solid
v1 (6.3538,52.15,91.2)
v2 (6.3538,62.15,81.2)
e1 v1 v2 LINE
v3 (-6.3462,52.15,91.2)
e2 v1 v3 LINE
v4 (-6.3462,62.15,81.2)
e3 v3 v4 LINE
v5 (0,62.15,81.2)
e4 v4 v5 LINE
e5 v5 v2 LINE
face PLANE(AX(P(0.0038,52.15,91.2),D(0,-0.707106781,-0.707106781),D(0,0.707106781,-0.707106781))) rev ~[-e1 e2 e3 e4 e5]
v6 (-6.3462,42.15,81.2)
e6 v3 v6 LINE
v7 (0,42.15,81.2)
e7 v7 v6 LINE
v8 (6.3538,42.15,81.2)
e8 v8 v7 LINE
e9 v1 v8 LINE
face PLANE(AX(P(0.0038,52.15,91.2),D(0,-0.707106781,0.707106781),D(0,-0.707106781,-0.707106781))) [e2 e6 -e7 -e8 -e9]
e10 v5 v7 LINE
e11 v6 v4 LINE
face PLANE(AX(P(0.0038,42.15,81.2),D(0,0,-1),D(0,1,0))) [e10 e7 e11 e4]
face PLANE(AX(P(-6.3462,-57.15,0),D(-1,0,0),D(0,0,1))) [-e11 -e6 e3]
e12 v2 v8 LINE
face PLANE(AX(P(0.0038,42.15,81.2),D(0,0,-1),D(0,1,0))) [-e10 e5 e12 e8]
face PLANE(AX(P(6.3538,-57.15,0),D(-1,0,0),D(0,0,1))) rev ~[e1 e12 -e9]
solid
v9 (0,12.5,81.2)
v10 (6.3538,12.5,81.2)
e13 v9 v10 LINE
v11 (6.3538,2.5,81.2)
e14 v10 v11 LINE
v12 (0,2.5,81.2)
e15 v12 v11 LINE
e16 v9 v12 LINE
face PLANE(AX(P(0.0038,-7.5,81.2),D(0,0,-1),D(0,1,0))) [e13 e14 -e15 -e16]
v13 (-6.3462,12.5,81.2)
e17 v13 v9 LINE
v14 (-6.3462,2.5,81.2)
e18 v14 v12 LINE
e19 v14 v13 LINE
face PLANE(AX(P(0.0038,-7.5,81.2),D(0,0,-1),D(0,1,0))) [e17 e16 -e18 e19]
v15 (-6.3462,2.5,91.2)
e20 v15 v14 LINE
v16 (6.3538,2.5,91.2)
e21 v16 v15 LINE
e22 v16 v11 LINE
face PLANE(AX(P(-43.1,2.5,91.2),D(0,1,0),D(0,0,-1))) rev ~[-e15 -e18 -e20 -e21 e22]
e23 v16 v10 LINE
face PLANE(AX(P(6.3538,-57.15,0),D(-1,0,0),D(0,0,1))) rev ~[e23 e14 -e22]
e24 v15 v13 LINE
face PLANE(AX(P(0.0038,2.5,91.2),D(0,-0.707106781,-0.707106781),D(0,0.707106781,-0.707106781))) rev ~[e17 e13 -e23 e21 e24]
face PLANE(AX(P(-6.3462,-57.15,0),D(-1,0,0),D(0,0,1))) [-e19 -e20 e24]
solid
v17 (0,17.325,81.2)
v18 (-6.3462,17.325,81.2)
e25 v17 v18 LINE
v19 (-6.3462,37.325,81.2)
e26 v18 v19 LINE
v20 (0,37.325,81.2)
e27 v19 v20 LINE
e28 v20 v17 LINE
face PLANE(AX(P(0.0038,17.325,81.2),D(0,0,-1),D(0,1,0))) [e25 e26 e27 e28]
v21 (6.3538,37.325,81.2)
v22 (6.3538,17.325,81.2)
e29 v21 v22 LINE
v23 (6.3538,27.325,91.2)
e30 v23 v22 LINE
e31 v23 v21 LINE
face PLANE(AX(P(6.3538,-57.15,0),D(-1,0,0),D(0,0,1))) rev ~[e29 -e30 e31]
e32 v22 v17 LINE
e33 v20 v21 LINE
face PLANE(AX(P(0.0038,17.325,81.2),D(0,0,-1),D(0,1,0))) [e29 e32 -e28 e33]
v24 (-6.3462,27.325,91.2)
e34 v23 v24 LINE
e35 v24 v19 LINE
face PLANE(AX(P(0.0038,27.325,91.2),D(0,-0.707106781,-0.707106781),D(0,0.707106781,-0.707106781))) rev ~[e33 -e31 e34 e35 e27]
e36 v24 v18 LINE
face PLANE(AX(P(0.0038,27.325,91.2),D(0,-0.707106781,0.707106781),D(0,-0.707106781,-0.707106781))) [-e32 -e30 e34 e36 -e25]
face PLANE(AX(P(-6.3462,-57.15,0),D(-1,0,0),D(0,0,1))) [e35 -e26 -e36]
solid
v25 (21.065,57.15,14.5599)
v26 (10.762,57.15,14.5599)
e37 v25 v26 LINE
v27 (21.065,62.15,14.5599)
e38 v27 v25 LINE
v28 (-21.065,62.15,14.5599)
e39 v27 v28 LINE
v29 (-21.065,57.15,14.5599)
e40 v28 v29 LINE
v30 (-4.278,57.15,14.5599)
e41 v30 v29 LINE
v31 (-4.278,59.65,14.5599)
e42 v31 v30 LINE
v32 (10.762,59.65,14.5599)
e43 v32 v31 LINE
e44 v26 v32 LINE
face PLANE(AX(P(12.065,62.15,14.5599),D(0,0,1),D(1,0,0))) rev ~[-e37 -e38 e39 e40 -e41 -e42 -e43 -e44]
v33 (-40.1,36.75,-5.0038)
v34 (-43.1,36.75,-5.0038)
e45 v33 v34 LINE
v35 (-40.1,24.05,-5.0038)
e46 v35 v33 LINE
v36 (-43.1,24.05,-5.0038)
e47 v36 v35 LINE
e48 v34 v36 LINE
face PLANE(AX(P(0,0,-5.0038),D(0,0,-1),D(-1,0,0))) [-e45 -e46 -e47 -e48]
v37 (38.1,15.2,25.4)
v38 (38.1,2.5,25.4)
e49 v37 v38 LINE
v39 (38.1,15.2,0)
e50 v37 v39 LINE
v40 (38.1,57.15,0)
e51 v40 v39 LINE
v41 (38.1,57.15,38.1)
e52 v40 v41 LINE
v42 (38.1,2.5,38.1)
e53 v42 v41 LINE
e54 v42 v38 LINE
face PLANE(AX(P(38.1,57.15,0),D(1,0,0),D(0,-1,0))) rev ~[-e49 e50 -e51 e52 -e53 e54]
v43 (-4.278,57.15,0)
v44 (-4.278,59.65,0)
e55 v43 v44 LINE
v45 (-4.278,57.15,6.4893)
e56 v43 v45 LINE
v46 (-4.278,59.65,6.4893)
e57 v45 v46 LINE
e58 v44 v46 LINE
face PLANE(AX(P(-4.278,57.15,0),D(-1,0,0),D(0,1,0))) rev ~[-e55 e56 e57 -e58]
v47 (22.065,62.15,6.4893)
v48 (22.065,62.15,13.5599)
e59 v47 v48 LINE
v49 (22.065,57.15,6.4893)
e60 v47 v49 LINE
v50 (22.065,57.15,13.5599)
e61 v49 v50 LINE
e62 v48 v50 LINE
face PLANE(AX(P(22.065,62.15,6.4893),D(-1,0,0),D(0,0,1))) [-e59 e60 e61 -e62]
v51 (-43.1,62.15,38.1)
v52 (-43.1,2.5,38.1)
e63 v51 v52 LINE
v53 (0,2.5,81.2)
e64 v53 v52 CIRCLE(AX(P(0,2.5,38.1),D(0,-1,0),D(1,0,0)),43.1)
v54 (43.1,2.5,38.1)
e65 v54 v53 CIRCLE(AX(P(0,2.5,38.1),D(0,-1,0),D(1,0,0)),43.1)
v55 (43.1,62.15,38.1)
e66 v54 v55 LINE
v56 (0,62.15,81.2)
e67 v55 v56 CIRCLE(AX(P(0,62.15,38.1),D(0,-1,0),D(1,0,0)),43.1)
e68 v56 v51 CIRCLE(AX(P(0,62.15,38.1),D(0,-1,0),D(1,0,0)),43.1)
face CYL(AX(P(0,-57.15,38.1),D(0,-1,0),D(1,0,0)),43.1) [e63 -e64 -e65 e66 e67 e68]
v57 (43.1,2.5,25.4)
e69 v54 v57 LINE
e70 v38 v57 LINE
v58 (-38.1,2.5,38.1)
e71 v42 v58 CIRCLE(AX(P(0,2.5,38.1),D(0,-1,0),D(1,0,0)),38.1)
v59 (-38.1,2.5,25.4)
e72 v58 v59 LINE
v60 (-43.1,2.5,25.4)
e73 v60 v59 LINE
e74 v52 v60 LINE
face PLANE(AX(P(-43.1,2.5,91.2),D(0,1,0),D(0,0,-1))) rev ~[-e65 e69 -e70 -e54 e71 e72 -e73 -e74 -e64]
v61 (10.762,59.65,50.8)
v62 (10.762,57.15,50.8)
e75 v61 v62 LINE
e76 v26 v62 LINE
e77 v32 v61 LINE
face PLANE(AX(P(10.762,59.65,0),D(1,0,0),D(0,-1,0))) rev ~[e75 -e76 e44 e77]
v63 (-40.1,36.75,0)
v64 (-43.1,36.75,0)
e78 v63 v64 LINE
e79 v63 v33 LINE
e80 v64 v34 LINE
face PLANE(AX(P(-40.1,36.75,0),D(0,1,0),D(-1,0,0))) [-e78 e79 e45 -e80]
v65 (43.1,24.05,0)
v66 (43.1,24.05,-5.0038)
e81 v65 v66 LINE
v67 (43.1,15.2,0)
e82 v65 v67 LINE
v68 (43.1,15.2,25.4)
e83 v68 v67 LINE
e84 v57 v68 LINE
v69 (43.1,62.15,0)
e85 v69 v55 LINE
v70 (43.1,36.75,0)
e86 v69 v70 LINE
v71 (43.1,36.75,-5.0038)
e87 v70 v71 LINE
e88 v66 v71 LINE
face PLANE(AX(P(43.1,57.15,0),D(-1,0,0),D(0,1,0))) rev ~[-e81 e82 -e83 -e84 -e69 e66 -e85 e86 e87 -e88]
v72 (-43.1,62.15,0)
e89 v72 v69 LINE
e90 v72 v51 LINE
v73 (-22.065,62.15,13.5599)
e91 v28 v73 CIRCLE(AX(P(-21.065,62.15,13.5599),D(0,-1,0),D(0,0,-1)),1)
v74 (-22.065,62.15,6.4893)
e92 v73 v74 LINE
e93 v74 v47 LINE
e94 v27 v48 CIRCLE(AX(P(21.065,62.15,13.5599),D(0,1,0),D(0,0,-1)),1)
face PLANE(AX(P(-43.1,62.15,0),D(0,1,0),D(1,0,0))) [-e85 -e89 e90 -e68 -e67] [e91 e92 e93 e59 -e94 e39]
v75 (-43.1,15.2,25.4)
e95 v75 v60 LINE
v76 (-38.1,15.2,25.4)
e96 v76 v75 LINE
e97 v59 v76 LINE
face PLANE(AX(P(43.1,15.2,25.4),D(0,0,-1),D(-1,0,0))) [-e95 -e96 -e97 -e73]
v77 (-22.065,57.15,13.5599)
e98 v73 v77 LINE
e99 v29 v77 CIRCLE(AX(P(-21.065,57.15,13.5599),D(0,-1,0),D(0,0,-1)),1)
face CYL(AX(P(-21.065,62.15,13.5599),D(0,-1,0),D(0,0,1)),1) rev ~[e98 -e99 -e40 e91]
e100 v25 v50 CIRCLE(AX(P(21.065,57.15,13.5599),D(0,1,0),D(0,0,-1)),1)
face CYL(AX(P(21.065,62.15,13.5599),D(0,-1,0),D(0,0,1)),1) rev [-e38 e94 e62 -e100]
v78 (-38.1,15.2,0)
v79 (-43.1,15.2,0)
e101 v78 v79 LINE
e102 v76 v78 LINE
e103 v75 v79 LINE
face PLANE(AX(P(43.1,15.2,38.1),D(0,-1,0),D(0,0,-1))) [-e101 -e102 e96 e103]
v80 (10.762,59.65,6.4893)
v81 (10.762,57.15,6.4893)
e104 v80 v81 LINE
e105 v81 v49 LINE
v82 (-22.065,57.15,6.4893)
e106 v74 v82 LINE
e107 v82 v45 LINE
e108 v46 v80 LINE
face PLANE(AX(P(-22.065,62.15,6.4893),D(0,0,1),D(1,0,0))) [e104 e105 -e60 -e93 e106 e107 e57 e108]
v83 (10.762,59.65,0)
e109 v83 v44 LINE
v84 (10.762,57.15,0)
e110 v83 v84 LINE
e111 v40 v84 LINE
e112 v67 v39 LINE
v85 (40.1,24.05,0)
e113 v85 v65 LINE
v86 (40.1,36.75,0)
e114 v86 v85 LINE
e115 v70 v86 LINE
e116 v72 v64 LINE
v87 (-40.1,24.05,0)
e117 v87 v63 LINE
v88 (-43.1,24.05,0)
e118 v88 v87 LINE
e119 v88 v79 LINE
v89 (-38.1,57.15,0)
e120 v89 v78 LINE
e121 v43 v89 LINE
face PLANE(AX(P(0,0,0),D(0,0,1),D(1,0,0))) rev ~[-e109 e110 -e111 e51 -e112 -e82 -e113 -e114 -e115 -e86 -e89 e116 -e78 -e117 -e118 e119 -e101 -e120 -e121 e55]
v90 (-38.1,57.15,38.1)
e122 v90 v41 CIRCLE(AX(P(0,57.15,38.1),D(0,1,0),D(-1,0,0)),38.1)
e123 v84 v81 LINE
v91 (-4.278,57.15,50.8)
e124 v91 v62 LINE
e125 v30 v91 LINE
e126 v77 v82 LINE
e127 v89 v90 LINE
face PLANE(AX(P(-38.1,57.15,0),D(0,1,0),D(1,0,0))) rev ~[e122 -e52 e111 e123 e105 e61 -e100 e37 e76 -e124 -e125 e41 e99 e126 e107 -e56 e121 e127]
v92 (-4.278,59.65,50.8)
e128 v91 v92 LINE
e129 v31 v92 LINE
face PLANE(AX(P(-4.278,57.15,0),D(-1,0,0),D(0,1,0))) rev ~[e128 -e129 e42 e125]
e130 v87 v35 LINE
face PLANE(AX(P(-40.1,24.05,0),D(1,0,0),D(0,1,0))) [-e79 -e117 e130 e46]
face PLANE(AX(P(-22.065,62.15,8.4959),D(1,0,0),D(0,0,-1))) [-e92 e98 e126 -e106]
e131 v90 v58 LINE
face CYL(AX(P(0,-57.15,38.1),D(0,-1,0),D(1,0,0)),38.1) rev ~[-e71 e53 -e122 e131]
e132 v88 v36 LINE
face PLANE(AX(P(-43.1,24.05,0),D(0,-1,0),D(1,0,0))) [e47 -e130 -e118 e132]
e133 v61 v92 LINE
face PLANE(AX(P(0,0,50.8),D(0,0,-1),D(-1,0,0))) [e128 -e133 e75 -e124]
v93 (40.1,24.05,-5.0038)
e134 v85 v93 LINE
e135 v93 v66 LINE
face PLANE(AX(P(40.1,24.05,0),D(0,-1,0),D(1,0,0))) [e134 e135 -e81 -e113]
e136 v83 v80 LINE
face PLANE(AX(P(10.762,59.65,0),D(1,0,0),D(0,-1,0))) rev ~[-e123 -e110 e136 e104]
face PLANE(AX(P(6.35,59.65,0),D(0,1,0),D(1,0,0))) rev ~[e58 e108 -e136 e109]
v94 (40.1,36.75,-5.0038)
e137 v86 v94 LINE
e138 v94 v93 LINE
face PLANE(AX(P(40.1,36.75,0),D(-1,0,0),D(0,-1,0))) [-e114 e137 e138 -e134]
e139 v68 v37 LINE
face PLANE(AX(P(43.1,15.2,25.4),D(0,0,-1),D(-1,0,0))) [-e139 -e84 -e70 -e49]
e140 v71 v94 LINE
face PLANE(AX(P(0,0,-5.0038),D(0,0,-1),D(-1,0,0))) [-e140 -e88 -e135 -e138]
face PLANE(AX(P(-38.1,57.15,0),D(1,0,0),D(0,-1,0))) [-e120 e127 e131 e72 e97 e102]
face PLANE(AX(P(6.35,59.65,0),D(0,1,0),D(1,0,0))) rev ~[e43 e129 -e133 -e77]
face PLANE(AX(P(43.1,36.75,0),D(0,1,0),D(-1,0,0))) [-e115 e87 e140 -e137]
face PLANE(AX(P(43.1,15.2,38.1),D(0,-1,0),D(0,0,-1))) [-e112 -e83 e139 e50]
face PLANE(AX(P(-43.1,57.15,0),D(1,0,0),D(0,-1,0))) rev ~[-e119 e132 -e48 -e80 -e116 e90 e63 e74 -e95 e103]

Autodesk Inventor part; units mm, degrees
ref_plane "YZ Plane" through (0, 0, 0) normal (1, 0, 0) x (0, 1, 0)
ref_plane "XZ Plane" through (0, 0, 0) normal (0, 1, 0) x (-1, 0, 0)
sketch "Sketch1" plane through (0, 0, 0) normal (0, 0, 1) x (1, 0, 0)
  arc A0 (-38.1, -57.15) -> (38.1, -57.15) centre (0, -57.15) ccw projected
  line L0 (38.1, -57.15) -> (43.1, -57.15) projected
  line L1 (43.1, -57.15) -> (43.1, 62.15) projected
  line L2 (43.1, 62.15) -> (-43.1, 62.15) projected
  line L3 (-43.1, 62.15) -> (-43.1, -57.15) projected
  line L4 (-43.1, -57.15) -> (-38.1, -57.15) projected
  line L5 (14, 57.15) -> (-14, 57.15) projected
  line L6 (14, 57.15) -> (14, 54.15) projected
  line L7 (14, 54.15) -> (-10.002, 54.15) projected
  line L8 (-10.002, 54.15) -> (-10.002, 53.078) projected
  line L9 (-10.002, 53.078) -> (-14, 53.078) projected
  line L10 (-14, 53.078) -> (-14, 57.15) projected
  line L11 (10.16, -7.55) -> (-10.16, -7.55) projected
  line L12 (-10.16, -7.55) -> (-10.16, 9.15) projected
  line L13 (-10.16, 9.15) -> (10.16, 9.15) projected
  line L14 (10.16, 9.15) -> (10.16, -7.55) projected
  circle A1 centre (0, -77.15) radius 5 projected
  line L15 (-19.058, -20.782) -> (-19.058, -16.21) projected
  line L16 (-19.058, -16.21) -> (-17.058, -16.21) projected
  line L17 (-17.058, -16.21) -> (-17.058, -22.782) projected
  line L18 (-17.058, -22.782) -> (-24.598, -22.782) projected
  line L19 (-24.598, -22.782) -> (-24.598, -16.21) projected
  line L20 (-24.598, -16.21) -> (-22.598, -16.21) projected
  line L21 (-22.598, -16.21) -> (-22.598, -20.782) projected
  line L22 (-22.598, -20.782) -> (-19.058, -20.782) projected
  line L23 (-19.058, 7.65) -> (-19.058, 12.222) projected
  line L24 (-19.058, 12.222) -> (-22.598, 12.222) projected
  line L25 (-22.598, 12.222) -> (-22.598, 7.65) projected
  line L26 (-22.598, 7.65) -> (-24.598, 7.65) projected
  line L27 (-24.598, 7.65) -> (-24.598, 14.222) projected
  line L28 (-24.598, 14.222) -> (-17.058, 14.222) projected
  line L29 (-17.058, 14.222) -> (-17.058, 7.65) projected
  line L30 (-17.058, 7.65) -> (-19.058, 7.65) projected
  line L31 (-6.662, 29.218) -> (-6.662, 22.4) projected
  line L32 (-6.662, 22.4) -> (7.275, 22.4) projected
  line L33 (7.275, 22.4) -> (7.275, 19.4) projected
  line L34 (7.275, 19.4) -> (-14.202, 19.4) projected
  line L35 (-14.202, 19.4) -> (-14.202, 29.218) projected
  line L36 (-14.202, 29.218) -> (-12.202, 29.218) projected
  line L37 (-12.202, 29.218) -> (-12.202, 29.221) projected
  line L38 (-12.202, 29.221) -> (-8.662, 29.221) projected
  line L39 (-8.662, 29.221) -> (-8.662, 29.218) projected
  line L40 (-8.662, 29.218) -> (-6.662, 29.218) projected
  line L41 (38.1, -57.15) -> (43.1, -57.15)
  line L42 (43.1, -57.15) -> (43.1, 62.15)
  line L43 (43.1, 62.15) -> (38.1, 62.15)
  line L44 (38.1, 62.15) -> (38.1, -57.15)
  line L45 (-38.1, -57.15) -> (-43.1, -57.15)
  line L46 (-43.1, -57.15) -> (-43.1, 62.15)
  line L47 (-43.1, 62.15) -> (-38.1, 62.15)
  line L48 (-38.1, 62.15) -> (-38.1, -57.15)
  line L49 (-43.1, 62.15) -> (-43.1, 57.15)
  line L50 (-43.1, 57.15) -> (43.1, 57.15)
  line L51 (43.1, 57.15) -> (-43.1, 57.15)
  line L52 (-43.1, 57.15) -> (-43.1, 62.15)
  line L53 (-43.1, 62.15) -> (43.1, 62.15)
  line L54 (43.1, 62.15) -> (43.1, 57.15)
  point P0 (0, 0)
  dimension "d0" = 5
extrude "Extrusion1" add sketch "Sketch1" along normal blind 38.1 contours L4 L3 L50 L48 | L44 L50 L1 L0 | L50 L3 L2 L48 | L48 L2 L44 L50 L5 | L44 L2 L1 L50
sketch "Sketch2" plane through (-43.1, -57.15, 0) normal (0, -1, 0) x (1, 0, 0)
  line L0 (5, 38.1) -> (81.2, 38.1) projected
  arc A0 (81.2, 38.1) -> (5, 38.1) centre (43.1, 38.1) ccw
  line L1 (0, 38.1) -> (5, 38.1) projected
  arc A1 (86.2, 38.1) -> (0, 38.1) centre (43.1, 38.1) ccw
  line L2 (0, 38.1) -> (5, 38.1)
  line L3 (81.2, 38.1) -> (86.2, 38.1) projected
  line L4 (81.2, 38.1) -> (86.2, 38.1)
  point P0 (43.1, 0)
extrude "Extrusion2" add sketch "Sketch2" against normal blind 119.3 contours L1 A1 L3 A0
sketch "Sketch3" plane through (-43.1, 62.15, 0) normal (0, 1, 0) x (1, 0, 0)
  arc A0 (5, -38.1) -> (81.2, -38.1) centre (43.1, -38.1) ccw projected
  line L0 (81.2, -38.1) -> (5, -38.1) projected
  point P0 (43.1, 0)
extrude "Extrusion3" add sketch "Sketch3" against normal blind 5
ref_plane "Work Plane1" through (0.0038, -57.15, 0) normal (-1, 0, 0) x (0, 0, 1)
sketch "Sketch5" plane through (0.0038, -57.15, 0) normal (-1, 0, 0) x (0, 0, 1)
  point P0 (0, 57.15)
sketch "Sketch6" plane through (0.0038, -57.15, 0) normal (-1, 0, 0) x (0, 0, 1)
  line L0 (81.2, 0) -> (81.2, 119.3) projected
  line L1 (81.2, 119.3) -> (81.2, 99.3)
  line L2 (81.2, 109.3) -> (91.2, 109.3)
  line L3 (91.2, 109.3) -> (81.2, 119.3)
  line L4 (91.2, 109.3) -> (81.2, 99.3)
  line L5 (91.2, 84.475) -> (81.2, 74.475)
  line L6 (81.2, 84.475) -> (91.2, 84.475)
  line L7 (81.2, 94.475) -> (81.2, 74.475)
  line L8 (91.2, 84.475) -> (81.2, 94.475)
  line L9 (91.2, 59.65) -> (81.2, 49.65)
  line L10 (81.2, 59.65) -> (91.2, 59.65)
  line L11 (81.2, 69.65) -> (81.2, 49.65)
  line L12 (91.2, 59.65) -> (81.2, 69.65)
  line L13 (91.2, 34.825) -> (81.2, 24.825)
  line L14 (81.2, 34.825) -> (91.2, 34.825)
  line L15 (81.2, 44.825) -> (81.2, 24.825)
  line L16 (91.2, 34.825) -> (81.2, 44.825)
  line L17 (91.2, 10) -> (81.2, 0)
  line L18 (81.2, 10) -> (91.2, 10)
  line L19 (81.2, 20) -> (81.2, 0)
  line L20 (91.2, 10) -> (81.2, 20)
  point P0 (0, 57.15)
  dimension "d10" = 20
  dimension "d11" = 10
  dimension "d14" = 24.825
extrude "Extrusion5" add sketch "Sketch6" along normal mid plane 12.7
sketch "Sketch8" plane through (0, 0, 0) normal (0, 0, -1) x (-1, 0, 0)
  line L0 (40.1, 24.05) -> (40.1, 36.75) projected
  line L1 (-40.1, 36.75) -> (-40.1, 24.05) projected
  line L2 (-40.1, -19.05) -> (-40.1, -31.75) projected
  line L3 (43.1, 62.15) -> (43.1, -57.15) projected
  line L4 (40.1, 36.75) -> (43.1, 36.75)
  line L5 (43.1, 36.75) -> (43.1, 24.05)
  line L6 (43.1, 24.05) -> (40.1, 24.05)
  line L7 (40.1, 24.05) -> (40.1, 36.75)
  line L8 (40.1, -31.75) -> (40.1, -19.05)
  line L9 (-43.1, -57.15) -> (-43.1, 62.15) projected
  line L10 (-40.1, 24.05) -> (-43.1, 24.05)
  line L11 (-43.1, 24.05) -> (-43.1, 36.75)
  line L12 (-43.1, 36.75) -> (-40.1, 36.75)
  line L13 (-40.1, 36.75) -> (-40.1, 24.05)
  line L14 (40.1028, -54.85) -> (40.1028, -42.15) projected
  line L15 (-40.1028, -42.15) -> (-40.1028, -54.85) projected
  line L16 (-43.1, -54.85) -> (-40.1028, -54.85)
  line L17 (-40.1028, -54.85) -> (-40.1028, -42.15)
  line L18 (-40.1028, -42.15) -> (-43.1, -42.15)
  line L19 (-43.1, -42.15) -> (-43.1, -54.85)
  line L20 (43.1, 62.15) -> (43.1, -57.15) projected
  line L21 (40.1028, -54.85) -> (43.1, -54.85)
  line L22 (43.1, -54.85) -> (43.1, -42.15)
  line L23 (43.1, -42.15) -> (40.1028, -42.15)
  line L24 (40.1028, -42.15) -> (40.1028, -54.85)
  point P0 (0, 0)
  point P1 (43.1, -31.75)
  point P2 (-43.1, -31.75)
extrude "Extrusion6" add sketch "Sketch8" along normal blind 5.0038
sketch "Sketch9" plane through (0, 0, 0) normal (0, 0, -1) x (-1, 0, 0)
  line L0 (4.278, 59.65) -> (-6.35, 59.65) projected
  line L1 (38.1, 57.15) -> (-38.1, 57.15) projected
  line L2 (4.278, 59.65) -> (-6.35, 59.65)
  line L3 (-6.35, 59.65) -> (-6.35, 57.15)
  line L4 (-6.35, 57.15) -> (4.278, 57.15)
  line L5 (4.278, 57.15) -> (4.278, 59.65)
  point P0 (0, 0)
extrude "Extrusion7" cut sketch "Sketch9" against normal blind 50.8
sketch "Sketch10" plane through (0, 0, 0) normal (0, 0, -1) x (-1, 0, 0)
  line L0 (-6.35, 57.15) -> (-38.1, 57.15) projected
  line L1 (-10.762, 59.65) -> (-10.762, 22.646) projected
  line L2 (-10.762, 57.15) -> (-6.35, 57.15)
  line L3 (-6.35, 57.15) -> (-6.35, 59.65)
  line L4 (-6.35, 59.65) -> (-10.762, 59.65)
  line L5 (-10.762, 59.65) -> (-10.762, 57.15)
  point P0 (0, 0)
extrude "Extrusion8" cut sketch "Sketch10" against normal blind 50.8
sketch "Sketch11" plane through (-43.1, -57.15, 38.1) normal (-1, 0, 0) x (0, 0, 1)
  line L0 (53.1, 59.65) -> (43.1, 49.65) projected
  line L1 (53.1, 59.65) -> (-73.8859, 59.65)
  line L2 (-73.8859, 59.65) -> (-96.8429, -128.7567)
  line L3 (-96.8429, -128.7567) -> (99.8671, -85.0934)
  line L4 (99.8671, -85.0934) -> (53.1, 59.65)
  point P0 (-38.1, 57.15)
extrude "Extrusion9" cut sketch "Sketch11" against normal blind 406.4
sketch "Sketch12" plane through (43.1, 62.15, 38.1) normal (1, 0, 0) x (0, 0, -1)
  line L0 (38.1, -59.65) -> (0, -59.65) projected
  line L1 (38.1, -59.65) -> (0, -59.65)
  line L2 (0, -59.65) -> (0, -46.95)
  line L3 (0, -46.95) -> (38.1, -46.95)
  line L4 (38.1, -46.95) -> (38.1, -59.65)
  point P0 (38.1, -62.15)
  dimension "d29" = 12.7
extrude "Extrusion10" cut sketch "Sketch12" against normal blind 11049
sketch "Sketch13" plane through (43.1, 15.2, 38.1) normal (0, 0, -1) x (-1, 0, 0)
  line L0 (43.1, -12.7) -> (43.1, -2.7) projected
  line L1 (5, 0) -> (5, -12.7) projected
  line L2 (0, 0) -> (5, 0) projected
  line L3 (0, -12.7) -> (0, 0) projected
  line L4 (5, -12.7) -> (0, -12.7) projected
  line L5 (81.2, -12.7) -> (81.2, 0) projected
  line L6 (86.2, -12.7) -> (81.2, -12.7) projected
  line L7 (86.2, 0) -> (86.2, -12.7) projected
  line L8 (81.2, 0) -> (86.2, 0) projected
  point P0 (43.1, -15.2)
extrude "Extrusion11" add sketch "Sketch13" along normal blind 12.7
sketch "Sketch14" plane through (-43.1, 62.15, 0) normal (0, 1, 0) x (1, 0, 0)
  line L0 (31.035, -12.5599) -> (55.165, -12.5599) projected
  line L1 (55.165, -8.4959) -> (31.035, -8.4959) projected
  line L2 (55.165, -12.5599) -> (55.165, -14.5599)
  line L3 (55.165, -14.5599) -> (65.165, -14.5599)
  line L4 (31.035, -8.4959) -> (21.035, -8.4959)
  line L5 (86.2, 0) -> (0, 0) projected
  line L6 (65.165, -14.5599) -> (26.035, -14.5599)
  line L7 (26.035, 0) -> (65.165, 0)
  line L8 (65.165, 0) -> (65.165, -14.5599)
  line L9 (65.165, -14.5599) -> (21.035, -14.5599)
  line L10 (21.035, -14.5599) -> (21.035, 0)
  line L11 (21.035, 0) -> (65.165, 0)
  line L12 (65.165, 0) -> (65.165, -14.5599)
  line L13 (65.165, 0) -> (21.035, 0)
  line L14 (21.035, 0) -> (21.035, -6.4893)
  line L15 (21.035, -6.4893) -> (65.165, -6.4893)
  line L16 (65.165, -6.4893) -> (65.165, 0)
  point P0 (43.1, 0)
  dimension "d34" = 2
  dimension "d35" = 10
  dimension "d36" = 10
  dimension "d40" = 2.0066
extrude "Extrusion12" cut sketch "Sketch14" against normal blind 25.4 contours L6 L9 L10 L15 L8 L3
fillet "Fillet1" radius 1 2 edges at (22.065, 59.65, 14.5599) (-22.065, 59.65, 14.5599)
properties part number "Skin4"
